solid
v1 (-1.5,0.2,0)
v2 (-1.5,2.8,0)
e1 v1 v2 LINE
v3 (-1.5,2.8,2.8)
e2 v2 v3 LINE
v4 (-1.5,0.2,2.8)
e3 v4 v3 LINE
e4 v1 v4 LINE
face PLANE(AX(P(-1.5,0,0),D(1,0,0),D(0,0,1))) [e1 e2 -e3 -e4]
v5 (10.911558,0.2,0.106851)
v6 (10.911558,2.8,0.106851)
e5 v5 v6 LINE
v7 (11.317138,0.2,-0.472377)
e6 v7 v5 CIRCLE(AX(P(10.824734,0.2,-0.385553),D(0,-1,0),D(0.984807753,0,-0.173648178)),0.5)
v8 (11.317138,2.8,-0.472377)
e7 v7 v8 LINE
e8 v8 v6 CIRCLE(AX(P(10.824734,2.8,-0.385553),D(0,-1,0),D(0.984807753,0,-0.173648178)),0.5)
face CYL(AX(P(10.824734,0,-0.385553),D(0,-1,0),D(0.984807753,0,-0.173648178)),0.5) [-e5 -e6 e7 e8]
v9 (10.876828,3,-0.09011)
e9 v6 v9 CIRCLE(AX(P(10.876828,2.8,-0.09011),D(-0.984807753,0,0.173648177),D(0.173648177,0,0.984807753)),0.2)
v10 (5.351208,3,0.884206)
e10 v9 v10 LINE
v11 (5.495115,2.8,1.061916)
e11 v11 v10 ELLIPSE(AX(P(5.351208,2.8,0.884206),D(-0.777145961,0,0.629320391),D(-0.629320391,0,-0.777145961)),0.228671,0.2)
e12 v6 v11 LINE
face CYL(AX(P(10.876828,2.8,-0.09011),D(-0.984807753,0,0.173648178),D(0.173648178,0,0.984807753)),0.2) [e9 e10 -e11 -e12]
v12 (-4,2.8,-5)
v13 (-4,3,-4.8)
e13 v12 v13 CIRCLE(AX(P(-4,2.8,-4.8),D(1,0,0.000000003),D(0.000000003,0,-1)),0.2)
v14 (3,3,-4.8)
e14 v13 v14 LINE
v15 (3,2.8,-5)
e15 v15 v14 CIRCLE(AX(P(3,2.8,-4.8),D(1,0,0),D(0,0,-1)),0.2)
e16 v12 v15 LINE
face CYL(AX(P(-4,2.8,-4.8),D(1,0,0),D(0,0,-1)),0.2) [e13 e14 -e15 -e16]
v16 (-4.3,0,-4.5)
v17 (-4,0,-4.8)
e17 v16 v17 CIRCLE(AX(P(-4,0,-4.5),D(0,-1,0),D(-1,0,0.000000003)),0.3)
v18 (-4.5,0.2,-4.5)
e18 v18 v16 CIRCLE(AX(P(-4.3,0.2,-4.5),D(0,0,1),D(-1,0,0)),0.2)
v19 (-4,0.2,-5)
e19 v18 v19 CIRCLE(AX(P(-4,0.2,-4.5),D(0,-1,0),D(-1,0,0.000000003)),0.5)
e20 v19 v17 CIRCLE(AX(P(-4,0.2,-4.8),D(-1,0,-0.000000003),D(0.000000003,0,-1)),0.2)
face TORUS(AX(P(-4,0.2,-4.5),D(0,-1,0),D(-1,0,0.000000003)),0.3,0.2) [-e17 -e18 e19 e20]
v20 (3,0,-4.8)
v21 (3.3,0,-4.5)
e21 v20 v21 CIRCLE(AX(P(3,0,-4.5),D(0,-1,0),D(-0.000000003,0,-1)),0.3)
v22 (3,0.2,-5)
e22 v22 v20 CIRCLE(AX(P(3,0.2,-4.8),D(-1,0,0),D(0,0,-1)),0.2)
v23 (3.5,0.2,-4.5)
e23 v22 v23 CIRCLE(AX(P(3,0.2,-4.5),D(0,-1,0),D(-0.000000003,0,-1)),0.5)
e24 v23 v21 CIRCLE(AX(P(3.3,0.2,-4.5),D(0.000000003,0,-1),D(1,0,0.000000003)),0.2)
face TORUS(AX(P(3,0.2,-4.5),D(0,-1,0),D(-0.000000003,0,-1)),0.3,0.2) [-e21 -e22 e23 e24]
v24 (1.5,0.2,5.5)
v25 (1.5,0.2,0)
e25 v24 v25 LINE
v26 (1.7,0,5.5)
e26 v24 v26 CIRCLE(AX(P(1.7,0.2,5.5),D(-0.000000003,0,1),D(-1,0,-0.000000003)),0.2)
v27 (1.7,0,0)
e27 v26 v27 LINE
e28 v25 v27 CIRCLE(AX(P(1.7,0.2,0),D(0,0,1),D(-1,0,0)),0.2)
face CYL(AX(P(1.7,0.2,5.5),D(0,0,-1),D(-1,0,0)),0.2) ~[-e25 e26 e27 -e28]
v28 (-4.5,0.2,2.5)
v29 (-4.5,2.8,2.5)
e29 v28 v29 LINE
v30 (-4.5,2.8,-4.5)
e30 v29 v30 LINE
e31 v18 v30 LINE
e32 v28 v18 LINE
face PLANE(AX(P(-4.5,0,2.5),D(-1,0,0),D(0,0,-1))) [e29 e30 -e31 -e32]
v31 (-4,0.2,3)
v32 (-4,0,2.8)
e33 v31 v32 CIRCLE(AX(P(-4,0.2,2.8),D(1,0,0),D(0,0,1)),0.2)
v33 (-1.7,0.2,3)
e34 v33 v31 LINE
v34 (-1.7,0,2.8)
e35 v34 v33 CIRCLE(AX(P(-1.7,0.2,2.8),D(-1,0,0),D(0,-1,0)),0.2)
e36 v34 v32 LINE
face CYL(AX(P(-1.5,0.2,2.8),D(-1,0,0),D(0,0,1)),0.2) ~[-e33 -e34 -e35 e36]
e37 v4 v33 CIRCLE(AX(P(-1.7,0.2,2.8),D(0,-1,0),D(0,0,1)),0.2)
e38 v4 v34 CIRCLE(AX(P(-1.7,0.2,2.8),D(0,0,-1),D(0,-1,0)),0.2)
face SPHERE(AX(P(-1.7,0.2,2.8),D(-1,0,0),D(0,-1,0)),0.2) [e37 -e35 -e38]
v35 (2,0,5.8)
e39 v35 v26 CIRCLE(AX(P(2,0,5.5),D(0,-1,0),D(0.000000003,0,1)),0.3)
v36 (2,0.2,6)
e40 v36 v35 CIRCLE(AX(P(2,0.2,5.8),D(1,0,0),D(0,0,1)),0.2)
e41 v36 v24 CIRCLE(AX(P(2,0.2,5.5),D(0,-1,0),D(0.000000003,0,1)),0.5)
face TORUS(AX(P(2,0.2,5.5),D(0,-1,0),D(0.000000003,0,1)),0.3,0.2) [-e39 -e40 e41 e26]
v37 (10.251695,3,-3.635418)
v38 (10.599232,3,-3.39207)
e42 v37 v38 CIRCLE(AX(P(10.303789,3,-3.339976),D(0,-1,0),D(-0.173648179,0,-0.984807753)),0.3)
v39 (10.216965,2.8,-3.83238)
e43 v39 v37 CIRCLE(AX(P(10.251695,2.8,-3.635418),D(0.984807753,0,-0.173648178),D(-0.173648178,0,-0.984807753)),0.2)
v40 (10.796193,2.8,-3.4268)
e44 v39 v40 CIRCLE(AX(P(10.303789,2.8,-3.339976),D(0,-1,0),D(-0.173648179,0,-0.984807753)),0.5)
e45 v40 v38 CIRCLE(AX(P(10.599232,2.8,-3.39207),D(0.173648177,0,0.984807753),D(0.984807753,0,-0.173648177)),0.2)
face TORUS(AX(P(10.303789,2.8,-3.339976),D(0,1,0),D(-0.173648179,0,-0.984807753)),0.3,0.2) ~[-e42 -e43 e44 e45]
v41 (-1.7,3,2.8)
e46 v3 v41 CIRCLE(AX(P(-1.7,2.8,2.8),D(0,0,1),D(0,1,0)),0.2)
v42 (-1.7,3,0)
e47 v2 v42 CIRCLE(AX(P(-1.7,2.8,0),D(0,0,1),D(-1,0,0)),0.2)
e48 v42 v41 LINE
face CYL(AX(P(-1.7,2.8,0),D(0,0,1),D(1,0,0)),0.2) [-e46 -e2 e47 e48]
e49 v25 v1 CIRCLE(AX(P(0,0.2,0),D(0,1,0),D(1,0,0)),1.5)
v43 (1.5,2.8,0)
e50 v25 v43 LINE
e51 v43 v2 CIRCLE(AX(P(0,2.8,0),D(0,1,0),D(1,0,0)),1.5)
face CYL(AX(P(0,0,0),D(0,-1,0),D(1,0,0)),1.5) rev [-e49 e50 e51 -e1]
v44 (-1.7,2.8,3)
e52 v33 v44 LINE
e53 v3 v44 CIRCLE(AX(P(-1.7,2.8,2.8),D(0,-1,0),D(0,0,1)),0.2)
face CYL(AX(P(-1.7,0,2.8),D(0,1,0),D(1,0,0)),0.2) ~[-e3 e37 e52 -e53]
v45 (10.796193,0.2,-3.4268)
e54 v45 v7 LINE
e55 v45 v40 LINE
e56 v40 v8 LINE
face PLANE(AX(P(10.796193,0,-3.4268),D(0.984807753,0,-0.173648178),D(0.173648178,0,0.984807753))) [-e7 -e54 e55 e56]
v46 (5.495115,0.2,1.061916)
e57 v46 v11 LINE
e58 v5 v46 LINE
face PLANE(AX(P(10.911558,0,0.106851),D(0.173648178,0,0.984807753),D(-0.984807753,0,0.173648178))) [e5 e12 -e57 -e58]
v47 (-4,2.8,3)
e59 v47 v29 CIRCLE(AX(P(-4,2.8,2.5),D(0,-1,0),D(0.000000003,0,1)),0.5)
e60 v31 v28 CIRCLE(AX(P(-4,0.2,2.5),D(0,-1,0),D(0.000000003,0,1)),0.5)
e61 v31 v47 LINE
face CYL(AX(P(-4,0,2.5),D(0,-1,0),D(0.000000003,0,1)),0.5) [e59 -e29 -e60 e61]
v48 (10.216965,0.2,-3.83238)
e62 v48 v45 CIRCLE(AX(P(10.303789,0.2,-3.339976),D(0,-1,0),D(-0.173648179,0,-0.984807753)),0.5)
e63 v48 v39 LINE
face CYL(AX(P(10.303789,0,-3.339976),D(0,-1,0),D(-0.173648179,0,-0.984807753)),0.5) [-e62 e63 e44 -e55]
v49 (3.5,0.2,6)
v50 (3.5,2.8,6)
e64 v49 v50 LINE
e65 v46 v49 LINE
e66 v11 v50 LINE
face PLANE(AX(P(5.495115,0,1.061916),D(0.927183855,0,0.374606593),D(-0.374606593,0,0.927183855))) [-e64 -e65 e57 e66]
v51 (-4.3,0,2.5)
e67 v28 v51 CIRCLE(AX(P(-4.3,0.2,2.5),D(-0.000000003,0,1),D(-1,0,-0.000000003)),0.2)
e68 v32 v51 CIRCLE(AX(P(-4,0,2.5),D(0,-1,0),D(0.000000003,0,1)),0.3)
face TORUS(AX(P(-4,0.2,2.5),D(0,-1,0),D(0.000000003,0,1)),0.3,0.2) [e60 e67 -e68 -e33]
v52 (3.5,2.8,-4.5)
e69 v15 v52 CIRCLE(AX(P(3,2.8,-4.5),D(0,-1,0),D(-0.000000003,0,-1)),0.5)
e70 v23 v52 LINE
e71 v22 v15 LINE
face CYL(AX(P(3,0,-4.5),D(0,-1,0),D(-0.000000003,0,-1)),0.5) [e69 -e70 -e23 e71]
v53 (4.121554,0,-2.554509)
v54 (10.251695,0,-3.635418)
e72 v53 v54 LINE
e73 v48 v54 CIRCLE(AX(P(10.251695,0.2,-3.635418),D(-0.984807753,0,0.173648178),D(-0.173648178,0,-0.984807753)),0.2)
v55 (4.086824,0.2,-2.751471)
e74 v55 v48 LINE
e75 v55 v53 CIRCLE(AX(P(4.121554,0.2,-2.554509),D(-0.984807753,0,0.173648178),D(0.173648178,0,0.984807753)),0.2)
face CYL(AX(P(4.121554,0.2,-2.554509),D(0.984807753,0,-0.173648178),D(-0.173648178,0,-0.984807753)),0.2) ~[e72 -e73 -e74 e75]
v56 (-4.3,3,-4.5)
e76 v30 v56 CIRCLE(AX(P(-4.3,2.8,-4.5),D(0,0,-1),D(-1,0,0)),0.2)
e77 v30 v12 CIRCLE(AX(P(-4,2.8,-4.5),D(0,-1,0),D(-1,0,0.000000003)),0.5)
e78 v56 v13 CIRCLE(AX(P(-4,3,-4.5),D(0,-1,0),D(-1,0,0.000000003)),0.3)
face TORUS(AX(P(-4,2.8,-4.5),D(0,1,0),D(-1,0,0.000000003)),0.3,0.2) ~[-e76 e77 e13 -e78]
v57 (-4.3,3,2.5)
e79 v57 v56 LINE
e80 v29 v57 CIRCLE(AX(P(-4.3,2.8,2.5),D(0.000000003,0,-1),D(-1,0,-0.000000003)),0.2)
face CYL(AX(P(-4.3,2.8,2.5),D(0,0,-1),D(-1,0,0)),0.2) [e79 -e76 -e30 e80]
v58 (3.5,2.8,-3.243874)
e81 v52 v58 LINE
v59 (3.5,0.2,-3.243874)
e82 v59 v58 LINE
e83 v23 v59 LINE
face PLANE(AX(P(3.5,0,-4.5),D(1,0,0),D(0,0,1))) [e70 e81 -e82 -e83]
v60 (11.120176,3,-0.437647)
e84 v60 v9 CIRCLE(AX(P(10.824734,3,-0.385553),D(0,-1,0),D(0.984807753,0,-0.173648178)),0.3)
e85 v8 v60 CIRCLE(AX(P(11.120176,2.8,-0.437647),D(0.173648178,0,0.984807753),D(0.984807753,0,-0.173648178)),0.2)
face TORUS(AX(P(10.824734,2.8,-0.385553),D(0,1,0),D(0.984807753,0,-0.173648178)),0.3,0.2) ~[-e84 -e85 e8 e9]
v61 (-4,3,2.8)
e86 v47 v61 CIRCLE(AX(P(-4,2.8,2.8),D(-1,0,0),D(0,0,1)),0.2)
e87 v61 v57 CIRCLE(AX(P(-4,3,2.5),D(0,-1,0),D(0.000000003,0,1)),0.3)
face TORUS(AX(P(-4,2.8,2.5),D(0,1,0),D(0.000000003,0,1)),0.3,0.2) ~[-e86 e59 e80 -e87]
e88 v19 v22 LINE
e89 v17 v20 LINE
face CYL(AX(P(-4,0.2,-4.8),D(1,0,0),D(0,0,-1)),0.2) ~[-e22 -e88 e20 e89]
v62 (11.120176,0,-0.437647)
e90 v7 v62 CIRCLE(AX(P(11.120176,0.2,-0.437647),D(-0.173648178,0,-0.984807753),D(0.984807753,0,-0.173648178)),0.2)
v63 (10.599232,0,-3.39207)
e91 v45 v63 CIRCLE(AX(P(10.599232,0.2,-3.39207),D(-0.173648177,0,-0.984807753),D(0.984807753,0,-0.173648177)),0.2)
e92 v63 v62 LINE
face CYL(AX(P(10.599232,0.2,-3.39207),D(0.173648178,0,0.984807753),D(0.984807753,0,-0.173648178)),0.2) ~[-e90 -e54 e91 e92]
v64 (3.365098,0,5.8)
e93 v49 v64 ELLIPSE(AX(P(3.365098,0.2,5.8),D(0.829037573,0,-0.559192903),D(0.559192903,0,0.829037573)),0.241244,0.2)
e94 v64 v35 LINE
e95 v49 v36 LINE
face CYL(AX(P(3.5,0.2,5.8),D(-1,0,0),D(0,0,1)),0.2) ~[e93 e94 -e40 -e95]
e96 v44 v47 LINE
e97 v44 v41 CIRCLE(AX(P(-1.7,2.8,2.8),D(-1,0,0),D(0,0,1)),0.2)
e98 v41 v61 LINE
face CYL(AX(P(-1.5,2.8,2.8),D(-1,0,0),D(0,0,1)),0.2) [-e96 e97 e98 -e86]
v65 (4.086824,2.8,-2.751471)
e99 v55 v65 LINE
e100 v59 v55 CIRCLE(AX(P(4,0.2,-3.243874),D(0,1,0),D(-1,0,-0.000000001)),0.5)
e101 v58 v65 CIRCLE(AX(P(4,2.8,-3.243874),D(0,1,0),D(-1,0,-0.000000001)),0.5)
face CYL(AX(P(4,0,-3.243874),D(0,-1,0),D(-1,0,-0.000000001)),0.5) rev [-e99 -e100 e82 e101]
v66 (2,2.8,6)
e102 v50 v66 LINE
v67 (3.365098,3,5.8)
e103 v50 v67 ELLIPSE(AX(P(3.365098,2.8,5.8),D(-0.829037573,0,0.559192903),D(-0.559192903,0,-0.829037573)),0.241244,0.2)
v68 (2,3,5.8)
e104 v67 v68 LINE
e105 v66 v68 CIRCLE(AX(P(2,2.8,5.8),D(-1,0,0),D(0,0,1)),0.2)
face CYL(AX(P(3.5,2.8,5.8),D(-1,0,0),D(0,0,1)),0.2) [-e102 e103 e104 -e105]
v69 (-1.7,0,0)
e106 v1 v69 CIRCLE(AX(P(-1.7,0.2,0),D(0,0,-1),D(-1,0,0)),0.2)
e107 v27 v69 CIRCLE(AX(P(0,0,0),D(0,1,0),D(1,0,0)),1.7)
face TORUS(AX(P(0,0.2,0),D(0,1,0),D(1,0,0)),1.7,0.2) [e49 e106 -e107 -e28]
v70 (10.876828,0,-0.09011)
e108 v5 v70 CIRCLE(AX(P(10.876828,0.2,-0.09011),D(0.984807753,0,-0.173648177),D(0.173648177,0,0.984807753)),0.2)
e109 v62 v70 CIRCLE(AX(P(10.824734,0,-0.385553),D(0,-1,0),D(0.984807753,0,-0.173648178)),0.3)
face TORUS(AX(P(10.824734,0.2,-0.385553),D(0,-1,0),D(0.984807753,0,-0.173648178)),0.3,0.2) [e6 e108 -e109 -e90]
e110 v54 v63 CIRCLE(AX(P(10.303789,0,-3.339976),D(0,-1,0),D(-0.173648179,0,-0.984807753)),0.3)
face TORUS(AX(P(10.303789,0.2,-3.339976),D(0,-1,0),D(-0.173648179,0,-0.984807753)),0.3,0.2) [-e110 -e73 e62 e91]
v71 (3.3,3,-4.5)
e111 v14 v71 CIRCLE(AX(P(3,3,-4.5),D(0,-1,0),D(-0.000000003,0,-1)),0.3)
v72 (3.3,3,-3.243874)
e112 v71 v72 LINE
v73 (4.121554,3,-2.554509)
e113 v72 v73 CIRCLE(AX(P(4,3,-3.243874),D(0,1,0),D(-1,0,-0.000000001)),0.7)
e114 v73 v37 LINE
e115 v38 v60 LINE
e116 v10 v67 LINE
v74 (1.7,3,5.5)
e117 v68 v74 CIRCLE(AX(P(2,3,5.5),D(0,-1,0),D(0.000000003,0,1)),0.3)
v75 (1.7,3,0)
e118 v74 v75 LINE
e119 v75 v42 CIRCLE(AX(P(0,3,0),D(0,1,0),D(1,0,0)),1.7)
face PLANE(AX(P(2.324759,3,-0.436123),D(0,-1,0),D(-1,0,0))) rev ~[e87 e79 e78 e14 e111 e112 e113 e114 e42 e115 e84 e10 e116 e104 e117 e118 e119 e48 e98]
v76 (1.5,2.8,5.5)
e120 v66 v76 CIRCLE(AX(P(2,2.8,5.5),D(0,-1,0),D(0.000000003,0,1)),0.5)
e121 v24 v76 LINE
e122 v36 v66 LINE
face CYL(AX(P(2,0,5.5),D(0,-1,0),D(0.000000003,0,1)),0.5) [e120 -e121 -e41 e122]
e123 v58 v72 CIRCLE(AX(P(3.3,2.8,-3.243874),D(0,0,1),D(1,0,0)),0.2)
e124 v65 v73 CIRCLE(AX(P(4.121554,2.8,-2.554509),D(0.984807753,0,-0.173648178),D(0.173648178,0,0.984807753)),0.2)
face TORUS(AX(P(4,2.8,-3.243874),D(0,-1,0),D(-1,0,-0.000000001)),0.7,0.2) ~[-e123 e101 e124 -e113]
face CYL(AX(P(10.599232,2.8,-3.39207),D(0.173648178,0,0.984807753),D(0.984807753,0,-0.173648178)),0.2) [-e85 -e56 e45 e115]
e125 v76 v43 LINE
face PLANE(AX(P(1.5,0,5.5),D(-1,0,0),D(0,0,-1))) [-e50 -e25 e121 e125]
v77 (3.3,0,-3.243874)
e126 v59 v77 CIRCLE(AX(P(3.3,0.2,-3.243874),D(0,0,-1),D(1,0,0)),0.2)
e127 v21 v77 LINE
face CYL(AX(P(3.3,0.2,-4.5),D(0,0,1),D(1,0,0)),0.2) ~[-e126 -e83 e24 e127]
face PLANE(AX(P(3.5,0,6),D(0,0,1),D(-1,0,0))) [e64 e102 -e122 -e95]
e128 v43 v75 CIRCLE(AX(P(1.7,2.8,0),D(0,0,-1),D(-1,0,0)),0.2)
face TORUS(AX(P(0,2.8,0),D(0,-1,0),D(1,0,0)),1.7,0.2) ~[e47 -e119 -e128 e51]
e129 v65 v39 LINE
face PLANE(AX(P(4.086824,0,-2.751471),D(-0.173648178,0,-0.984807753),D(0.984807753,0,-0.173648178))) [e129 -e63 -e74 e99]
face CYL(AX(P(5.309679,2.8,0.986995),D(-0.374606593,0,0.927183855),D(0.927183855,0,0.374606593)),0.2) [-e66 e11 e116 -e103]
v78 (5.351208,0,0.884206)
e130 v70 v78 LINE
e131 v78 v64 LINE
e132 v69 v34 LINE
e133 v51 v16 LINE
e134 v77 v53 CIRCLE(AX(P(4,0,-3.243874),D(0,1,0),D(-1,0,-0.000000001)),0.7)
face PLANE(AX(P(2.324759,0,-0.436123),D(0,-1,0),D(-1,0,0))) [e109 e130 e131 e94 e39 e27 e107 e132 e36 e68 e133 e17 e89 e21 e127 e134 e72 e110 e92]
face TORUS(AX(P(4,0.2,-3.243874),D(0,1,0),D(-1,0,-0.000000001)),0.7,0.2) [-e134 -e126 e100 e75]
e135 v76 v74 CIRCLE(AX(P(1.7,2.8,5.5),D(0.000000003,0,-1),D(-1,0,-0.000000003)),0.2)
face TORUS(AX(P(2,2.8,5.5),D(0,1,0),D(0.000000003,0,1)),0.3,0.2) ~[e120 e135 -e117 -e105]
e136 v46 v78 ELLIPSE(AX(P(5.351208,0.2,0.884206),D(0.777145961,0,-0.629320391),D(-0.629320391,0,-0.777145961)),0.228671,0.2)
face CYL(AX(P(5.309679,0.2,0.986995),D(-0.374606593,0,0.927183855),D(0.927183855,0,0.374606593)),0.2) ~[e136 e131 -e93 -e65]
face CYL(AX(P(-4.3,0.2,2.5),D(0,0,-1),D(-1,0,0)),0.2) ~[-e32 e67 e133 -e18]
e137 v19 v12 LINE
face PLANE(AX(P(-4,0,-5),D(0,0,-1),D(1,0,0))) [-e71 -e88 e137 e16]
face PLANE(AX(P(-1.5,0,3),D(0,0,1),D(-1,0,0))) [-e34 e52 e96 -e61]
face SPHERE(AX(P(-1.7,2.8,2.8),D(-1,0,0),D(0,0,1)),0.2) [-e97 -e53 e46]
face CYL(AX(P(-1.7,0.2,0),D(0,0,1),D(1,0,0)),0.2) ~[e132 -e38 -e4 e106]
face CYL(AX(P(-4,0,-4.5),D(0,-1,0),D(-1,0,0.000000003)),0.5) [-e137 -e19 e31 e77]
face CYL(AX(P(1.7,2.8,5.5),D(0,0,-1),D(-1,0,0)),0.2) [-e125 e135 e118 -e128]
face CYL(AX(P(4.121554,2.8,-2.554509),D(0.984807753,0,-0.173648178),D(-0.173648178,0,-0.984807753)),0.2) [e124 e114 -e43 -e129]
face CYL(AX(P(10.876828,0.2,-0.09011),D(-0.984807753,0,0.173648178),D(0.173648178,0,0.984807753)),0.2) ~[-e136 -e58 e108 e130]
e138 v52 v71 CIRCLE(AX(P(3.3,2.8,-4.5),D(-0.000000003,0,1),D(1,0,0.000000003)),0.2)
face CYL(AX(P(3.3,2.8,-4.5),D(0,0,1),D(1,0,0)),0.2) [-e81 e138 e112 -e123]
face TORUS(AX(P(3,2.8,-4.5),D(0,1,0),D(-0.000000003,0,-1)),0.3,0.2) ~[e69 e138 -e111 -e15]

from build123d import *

# Parameters (mm, degrees)
BOSS_EXTRUDE1_DEPTH = 3
FILLET1_R           = 0.2


with BuildPart() as part:
    # Sketch1 → Boss-Extrude1 (new body)
    with BuildSketch(Plane(origin=(0, 0, 0), x_dir=(1, 0, 0), z_dir=(0, 1, 0))):
        with BuildLine():
            Line((-1.5, 0), (-1.5, -3))
            Line((-1.5, -3), (-4, -3))
            ThreePointArc((-4, -3), (-4.353553391, -2.853553391), (-4.5, -2.5))
            Line((-4.5, -2.5), (-4.5, 4.5))
            ThreePointArc((-4.5, 4.5), (-4.353553391, 4.853553391), (-4, 5))
            Line((-4, 5), (3, 5))
            ThreePointArc((3, 5), (3.353553391, 4.853553391), (3.5, 4.5))
            Line((3.5, 4.5), (3.5, 3.243874453))
            ThreePointArc((3.5, 3.243874453), (3.678606195, 2.860852231), (4.086824089, 2.751470576))
            Line((4.086824089, 2.751470576), (10.216965325, 3.832379871))
            ThreePointArc((10.216965325, 3.832379871), (10.590577632, 3.749552017), (10.79619329, 3.426800084))
            Line((10.79619329, 3.426800084), (11.317137823, 0.472376825))
            ThreePointArc((11.317137823, 0.472376825), (11.234309969, 0.098764518), (10.911558035, -0.106851141))
            Line((10.911558035, -0.106851141), (5.495115394, -1.061916118))
            Line((5.495115394, -1.061916118), (3.5, -6))
            Line((3.5, -6), (2, -6))
            ThreePointArc((2, -6), (1.646446609, -5.853553391), (1.5, -5.5))
            Line((1.5, -5.5), (1.5, 0))
            ThreePointArc((1.5, 0), (0, 1.5), (-1.5, 0))
        make_face()
    extrude(amount=BOSS_EXTRUDE1_DEPTH)

    # Fillet1
    fillet1_edges = [part.edges().sort_by_distance(p)[0] for p in [
        (3.353553391, 3, -4.853553391),
        (-0.5, 3, -5),
        (7.151894707, 0, -3.291925224),
        (10.590577632, 0, -3.749552017),
        (11.056665557, 0, -1.949588454),
        (11.234309969, 0, -0.098764518),
        (8.203336715, 0, 0.584383629),
        (-4.353553391, 3, -4.853553391),
        (4.497557697, 0, 3.530958059),
        (2.75, 0, 6),
        (1.646446609, 0, 5.853553391),
        (1.5, 0, 2.75),
        (0, 0, -1.5),
        (-1.5, 0, 1.5),
        (-2.75, 0, 3),
        (-4.353553391, 0, 2.853553391),
        (-4.5, 3, -1),
        (-4.5, 0, -1),
        (-4.353553391, 0, -4.853553391),
        (-0.5, 0, -5),
        (3.353553391, 0, -4.853553391),
        (3.5, 0, -3.871937226),
        (3.678606195, 0, -2.860852231),
        (-4.353553391, 3, 2.853553391),
        (-2.75, 3, 3),
        (-1.5, 1.5, 3),
        (-1.5, 3, 1.5),
        (0, 3, -1.5),
        (1.5, 3, 2.75),
        (1.646446609, 3, 5.853553391),
        (3.678606195, 3, -2.860852231),
        (2.75, 3, 6),
        (4.497557697, 3, 3.530958059),
        (8.203336715, 3, 0.584383629),
        (11.234309969, 3, -0.098764518),
        (11.056665557, 3, -1.949588454),
        (10.590577632, 3, -3.749552017),
        (7.151894707, 3, -3.291925224),
        (3.5, 3, -3.871937226),
    ]]
    fillet(fillet1_edges, radius=FILLET1_R)


solid = part.part
